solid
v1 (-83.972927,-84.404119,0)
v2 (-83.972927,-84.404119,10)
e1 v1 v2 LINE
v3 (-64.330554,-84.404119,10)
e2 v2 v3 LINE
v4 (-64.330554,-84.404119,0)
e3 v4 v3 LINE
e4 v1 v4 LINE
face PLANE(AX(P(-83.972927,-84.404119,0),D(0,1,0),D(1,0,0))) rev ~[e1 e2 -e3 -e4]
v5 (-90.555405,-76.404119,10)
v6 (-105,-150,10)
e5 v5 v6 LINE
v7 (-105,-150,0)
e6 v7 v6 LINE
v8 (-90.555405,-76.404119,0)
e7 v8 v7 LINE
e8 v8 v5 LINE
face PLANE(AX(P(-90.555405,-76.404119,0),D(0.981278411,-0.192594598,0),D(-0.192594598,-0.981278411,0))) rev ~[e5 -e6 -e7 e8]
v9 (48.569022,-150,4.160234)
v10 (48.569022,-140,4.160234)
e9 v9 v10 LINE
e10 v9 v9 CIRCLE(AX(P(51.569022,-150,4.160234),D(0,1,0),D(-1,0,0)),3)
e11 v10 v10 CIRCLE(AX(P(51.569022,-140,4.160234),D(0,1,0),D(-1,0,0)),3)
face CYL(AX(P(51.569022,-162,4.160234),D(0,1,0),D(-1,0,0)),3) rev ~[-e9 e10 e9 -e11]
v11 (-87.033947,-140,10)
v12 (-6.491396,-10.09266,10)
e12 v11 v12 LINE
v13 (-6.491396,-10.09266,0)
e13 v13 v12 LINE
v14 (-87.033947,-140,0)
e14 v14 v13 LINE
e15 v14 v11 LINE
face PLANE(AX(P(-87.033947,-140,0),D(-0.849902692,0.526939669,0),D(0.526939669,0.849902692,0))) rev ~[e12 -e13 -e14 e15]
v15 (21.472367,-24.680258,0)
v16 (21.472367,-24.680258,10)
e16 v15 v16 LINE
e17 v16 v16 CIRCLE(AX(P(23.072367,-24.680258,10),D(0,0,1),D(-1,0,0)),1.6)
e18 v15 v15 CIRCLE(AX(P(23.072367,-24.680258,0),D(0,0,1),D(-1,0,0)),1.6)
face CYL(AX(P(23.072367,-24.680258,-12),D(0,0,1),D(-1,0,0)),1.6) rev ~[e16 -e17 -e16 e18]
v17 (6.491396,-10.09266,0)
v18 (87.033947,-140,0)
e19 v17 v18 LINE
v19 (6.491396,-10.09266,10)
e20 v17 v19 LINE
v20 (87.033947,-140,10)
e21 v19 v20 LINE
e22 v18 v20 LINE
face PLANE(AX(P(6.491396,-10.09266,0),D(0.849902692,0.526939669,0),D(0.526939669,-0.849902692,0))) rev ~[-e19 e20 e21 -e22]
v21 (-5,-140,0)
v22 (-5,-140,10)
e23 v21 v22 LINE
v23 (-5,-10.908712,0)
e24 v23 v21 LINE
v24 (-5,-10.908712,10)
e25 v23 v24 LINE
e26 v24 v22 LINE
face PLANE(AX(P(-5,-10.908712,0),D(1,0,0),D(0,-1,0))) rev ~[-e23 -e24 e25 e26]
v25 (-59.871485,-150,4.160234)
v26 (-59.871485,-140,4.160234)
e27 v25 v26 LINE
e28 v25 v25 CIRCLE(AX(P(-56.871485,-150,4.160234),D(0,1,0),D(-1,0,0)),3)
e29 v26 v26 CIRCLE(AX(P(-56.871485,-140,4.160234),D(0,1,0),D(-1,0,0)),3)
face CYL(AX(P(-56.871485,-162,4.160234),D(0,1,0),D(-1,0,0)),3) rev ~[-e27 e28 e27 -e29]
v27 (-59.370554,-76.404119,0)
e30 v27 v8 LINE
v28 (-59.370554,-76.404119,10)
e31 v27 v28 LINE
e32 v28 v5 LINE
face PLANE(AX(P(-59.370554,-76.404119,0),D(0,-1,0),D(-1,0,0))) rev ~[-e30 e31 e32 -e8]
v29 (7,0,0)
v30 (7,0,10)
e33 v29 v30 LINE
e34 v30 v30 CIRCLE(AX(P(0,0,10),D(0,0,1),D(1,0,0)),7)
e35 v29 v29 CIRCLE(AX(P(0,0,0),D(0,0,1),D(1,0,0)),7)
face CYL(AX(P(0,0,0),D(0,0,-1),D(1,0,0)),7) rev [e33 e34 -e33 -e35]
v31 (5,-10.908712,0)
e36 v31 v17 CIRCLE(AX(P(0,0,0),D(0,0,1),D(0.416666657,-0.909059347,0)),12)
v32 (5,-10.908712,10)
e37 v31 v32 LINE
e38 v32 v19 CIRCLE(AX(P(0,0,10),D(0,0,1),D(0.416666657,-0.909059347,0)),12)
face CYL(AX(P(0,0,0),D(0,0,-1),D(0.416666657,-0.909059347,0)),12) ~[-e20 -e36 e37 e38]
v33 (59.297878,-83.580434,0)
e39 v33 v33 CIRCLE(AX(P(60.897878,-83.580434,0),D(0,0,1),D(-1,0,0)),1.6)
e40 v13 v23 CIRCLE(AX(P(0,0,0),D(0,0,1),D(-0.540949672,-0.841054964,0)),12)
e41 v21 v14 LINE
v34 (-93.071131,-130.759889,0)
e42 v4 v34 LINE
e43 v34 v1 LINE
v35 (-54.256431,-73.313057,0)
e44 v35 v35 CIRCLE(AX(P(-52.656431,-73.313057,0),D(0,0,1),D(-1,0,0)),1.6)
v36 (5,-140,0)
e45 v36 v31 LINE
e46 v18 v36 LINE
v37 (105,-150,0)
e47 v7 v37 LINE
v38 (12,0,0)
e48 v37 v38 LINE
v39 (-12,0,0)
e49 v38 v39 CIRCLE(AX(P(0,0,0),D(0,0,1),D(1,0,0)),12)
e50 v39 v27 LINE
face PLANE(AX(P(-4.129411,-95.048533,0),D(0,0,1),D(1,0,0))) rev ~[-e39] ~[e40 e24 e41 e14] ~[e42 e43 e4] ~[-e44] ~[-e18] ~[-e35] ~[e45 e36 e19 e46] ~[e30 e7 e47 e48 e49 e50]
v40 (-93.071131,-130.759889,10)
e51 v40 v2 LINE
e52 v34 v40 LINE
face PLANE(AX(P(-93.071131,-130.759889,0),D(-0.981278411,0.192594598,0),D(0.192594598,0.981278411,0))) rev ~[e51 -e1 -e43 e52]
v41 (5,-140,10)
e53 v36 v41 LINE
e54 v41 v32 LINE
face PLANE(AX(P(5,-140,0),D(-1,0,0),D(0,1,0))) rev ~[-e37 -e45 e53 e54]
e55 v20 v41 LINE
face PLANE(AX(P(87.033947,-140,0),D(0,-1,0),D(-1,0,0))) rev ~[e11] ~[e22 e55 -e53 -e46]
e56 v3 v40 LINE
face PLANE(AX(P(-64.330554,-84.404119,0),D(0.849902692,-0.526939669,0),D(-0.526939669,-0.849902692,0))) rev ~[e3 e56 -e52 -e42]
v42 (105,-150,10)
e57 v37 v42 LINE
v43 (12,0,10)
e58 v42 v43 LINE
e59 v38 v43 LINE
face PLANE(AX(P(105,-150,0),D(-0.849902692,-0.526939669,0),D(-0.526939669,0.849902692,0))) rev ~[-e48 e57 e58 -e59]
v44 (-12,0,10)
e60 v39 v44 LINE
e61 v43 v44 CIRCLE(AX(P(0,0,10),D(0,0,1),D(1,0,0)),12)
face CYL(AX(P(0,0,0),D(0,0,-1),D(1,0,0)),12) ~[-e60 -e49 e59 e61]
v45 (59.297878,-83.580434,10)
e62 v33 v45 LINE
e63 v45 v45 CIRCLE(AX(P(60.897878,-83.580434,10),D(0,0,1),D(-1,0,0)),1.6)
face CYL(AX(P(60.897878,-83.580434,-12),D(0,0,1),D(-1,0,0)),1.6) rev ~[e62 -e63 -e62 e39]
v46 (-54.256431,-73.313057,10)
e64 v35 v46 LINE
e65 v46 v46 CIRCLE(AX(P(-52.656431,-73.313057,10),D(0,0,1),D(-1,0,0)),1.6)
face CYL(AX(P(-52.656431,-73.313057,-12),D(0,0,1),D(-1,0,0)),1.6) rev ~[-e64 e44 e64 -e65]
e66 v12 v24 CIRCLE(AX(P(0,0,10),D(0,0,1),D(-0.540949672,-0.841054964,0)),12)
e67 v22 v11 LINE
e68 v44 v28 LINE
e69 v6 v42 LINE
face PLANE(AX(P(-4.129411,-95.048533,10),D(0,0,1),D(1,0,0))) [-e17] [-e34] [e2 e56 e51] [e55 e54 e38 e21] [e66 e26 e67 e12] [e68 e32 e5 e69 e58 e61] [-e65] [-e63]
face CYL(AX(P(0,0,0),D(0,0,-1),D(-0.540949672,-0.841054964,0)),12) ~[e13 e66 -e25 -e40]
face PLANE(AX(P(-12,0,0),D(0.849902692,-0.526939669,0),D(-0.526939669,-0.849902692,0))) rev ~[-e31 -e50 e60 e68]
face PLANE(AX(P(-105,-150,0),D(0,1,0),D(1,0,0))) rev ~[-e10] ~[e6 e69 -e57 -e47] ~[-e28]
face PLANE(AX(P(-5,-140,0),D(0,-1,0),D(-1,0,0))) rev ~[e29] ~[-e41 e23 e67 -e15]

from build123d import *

# Parameters (mm, degrees)
F0_R     = 7
F1_DEPTH = 10
F3_D     = 6
F3_DEPTH = 12
F3_TIP   = 1.8025818571
F5_D     = 3.2
F5_DEPTH = 12
F5_TIP   = 0.9613769904


with BuildPart() as f1:
    # F0 (on Top) → F1 (new body)
    with BuildSketch(Plane.XY):
        with BuildLine():
            ThreePointArc((12, 0), (0, 12), (-12, 0))
            Line((-12, 0), (-59.3705538667, -76.4041191398))
            Line((-59.3705538667, -76.4041191398), (-90.5554051491, -76.4041191398))
            Line((-90.5554051491, -76.4041191398), (-105, -150))
            Line((-105, -150), (105, -150))
            Line((105, -150), (12, 0))
        make_face()
        Polygon((-93.0711311838, -130.7598890062), (-83.972927495, -84.4041191398), (-64.3305538667, -84.4041191398), align=None, mode=Mode.SUBTRACT)
        with BuildLine():
            Line((-87.0339471359, -140), (-6.4913960666, -10.0926595656))
            ThreePointArc((-6.4913960666, -10.0926595656), (-5.7601676478, -10.527130125), (-5, -10.9087121146))
            Line((-5, -10.9087121146), (-5, -140))
            Line((-5, -140), (-87.0339471359, -140))
        make_face(mode=Mode.SUBTRACT)
        with BuildLine():
            ThreePointArc((4.9999998882, -10.9087121659), (5.7601675939, -10.5271301545), (6.4913960666, -10.0926595656))
            Line((6.4913960666, -10.0926595656), (87.0339471359, -140))
            Line((87.0339471359, -140), (4.9999998882, -140))
            Line((4.9999998882, -140), (4.9999998882, -10.9087121659))
        make_face(mode=Mode.SUBTRACT)
        Circle(F0_R, mode=Mode.SUBTRACT)
    extrude(amount=F1_DEPTH)

    # F3
    with Locations(Plane.XZ.offset(150)):
        with Locations((-56.8714849651, 4.1602337733), (51.5690222383, 4.1602337733)):
            Hole(F3_D / 2, depth=F3_DEPTH)
            with Locations((0, 0, -(F3_DEPTH + F3_TIP / 2))):  # 118° drill point
                Cone(0, F3_D / 2, F3_TIP, mode=Mode.SUBTRACT)

    # F5
    with Locations(Plane(origin=(0, 0, 0), x_dir=(1, 0, 0), z_dir=(0, 0, -1))):
        with Locations((-52.6564307511, 73.3130574226), (23.0723669739, 24.6802578412), (60.8978777595, 83.5804338496)):
            Hole(F5_D / 2, depth=F5_DEPTH)
            with Locations((0, 0, -(F5_DEPTH + F5_TIP / 2))):  # 118° drill point
                Cone(0, F5_D / 2, F5_TIP, mode=Mode.SUBTRACT)


solid = f1.part
